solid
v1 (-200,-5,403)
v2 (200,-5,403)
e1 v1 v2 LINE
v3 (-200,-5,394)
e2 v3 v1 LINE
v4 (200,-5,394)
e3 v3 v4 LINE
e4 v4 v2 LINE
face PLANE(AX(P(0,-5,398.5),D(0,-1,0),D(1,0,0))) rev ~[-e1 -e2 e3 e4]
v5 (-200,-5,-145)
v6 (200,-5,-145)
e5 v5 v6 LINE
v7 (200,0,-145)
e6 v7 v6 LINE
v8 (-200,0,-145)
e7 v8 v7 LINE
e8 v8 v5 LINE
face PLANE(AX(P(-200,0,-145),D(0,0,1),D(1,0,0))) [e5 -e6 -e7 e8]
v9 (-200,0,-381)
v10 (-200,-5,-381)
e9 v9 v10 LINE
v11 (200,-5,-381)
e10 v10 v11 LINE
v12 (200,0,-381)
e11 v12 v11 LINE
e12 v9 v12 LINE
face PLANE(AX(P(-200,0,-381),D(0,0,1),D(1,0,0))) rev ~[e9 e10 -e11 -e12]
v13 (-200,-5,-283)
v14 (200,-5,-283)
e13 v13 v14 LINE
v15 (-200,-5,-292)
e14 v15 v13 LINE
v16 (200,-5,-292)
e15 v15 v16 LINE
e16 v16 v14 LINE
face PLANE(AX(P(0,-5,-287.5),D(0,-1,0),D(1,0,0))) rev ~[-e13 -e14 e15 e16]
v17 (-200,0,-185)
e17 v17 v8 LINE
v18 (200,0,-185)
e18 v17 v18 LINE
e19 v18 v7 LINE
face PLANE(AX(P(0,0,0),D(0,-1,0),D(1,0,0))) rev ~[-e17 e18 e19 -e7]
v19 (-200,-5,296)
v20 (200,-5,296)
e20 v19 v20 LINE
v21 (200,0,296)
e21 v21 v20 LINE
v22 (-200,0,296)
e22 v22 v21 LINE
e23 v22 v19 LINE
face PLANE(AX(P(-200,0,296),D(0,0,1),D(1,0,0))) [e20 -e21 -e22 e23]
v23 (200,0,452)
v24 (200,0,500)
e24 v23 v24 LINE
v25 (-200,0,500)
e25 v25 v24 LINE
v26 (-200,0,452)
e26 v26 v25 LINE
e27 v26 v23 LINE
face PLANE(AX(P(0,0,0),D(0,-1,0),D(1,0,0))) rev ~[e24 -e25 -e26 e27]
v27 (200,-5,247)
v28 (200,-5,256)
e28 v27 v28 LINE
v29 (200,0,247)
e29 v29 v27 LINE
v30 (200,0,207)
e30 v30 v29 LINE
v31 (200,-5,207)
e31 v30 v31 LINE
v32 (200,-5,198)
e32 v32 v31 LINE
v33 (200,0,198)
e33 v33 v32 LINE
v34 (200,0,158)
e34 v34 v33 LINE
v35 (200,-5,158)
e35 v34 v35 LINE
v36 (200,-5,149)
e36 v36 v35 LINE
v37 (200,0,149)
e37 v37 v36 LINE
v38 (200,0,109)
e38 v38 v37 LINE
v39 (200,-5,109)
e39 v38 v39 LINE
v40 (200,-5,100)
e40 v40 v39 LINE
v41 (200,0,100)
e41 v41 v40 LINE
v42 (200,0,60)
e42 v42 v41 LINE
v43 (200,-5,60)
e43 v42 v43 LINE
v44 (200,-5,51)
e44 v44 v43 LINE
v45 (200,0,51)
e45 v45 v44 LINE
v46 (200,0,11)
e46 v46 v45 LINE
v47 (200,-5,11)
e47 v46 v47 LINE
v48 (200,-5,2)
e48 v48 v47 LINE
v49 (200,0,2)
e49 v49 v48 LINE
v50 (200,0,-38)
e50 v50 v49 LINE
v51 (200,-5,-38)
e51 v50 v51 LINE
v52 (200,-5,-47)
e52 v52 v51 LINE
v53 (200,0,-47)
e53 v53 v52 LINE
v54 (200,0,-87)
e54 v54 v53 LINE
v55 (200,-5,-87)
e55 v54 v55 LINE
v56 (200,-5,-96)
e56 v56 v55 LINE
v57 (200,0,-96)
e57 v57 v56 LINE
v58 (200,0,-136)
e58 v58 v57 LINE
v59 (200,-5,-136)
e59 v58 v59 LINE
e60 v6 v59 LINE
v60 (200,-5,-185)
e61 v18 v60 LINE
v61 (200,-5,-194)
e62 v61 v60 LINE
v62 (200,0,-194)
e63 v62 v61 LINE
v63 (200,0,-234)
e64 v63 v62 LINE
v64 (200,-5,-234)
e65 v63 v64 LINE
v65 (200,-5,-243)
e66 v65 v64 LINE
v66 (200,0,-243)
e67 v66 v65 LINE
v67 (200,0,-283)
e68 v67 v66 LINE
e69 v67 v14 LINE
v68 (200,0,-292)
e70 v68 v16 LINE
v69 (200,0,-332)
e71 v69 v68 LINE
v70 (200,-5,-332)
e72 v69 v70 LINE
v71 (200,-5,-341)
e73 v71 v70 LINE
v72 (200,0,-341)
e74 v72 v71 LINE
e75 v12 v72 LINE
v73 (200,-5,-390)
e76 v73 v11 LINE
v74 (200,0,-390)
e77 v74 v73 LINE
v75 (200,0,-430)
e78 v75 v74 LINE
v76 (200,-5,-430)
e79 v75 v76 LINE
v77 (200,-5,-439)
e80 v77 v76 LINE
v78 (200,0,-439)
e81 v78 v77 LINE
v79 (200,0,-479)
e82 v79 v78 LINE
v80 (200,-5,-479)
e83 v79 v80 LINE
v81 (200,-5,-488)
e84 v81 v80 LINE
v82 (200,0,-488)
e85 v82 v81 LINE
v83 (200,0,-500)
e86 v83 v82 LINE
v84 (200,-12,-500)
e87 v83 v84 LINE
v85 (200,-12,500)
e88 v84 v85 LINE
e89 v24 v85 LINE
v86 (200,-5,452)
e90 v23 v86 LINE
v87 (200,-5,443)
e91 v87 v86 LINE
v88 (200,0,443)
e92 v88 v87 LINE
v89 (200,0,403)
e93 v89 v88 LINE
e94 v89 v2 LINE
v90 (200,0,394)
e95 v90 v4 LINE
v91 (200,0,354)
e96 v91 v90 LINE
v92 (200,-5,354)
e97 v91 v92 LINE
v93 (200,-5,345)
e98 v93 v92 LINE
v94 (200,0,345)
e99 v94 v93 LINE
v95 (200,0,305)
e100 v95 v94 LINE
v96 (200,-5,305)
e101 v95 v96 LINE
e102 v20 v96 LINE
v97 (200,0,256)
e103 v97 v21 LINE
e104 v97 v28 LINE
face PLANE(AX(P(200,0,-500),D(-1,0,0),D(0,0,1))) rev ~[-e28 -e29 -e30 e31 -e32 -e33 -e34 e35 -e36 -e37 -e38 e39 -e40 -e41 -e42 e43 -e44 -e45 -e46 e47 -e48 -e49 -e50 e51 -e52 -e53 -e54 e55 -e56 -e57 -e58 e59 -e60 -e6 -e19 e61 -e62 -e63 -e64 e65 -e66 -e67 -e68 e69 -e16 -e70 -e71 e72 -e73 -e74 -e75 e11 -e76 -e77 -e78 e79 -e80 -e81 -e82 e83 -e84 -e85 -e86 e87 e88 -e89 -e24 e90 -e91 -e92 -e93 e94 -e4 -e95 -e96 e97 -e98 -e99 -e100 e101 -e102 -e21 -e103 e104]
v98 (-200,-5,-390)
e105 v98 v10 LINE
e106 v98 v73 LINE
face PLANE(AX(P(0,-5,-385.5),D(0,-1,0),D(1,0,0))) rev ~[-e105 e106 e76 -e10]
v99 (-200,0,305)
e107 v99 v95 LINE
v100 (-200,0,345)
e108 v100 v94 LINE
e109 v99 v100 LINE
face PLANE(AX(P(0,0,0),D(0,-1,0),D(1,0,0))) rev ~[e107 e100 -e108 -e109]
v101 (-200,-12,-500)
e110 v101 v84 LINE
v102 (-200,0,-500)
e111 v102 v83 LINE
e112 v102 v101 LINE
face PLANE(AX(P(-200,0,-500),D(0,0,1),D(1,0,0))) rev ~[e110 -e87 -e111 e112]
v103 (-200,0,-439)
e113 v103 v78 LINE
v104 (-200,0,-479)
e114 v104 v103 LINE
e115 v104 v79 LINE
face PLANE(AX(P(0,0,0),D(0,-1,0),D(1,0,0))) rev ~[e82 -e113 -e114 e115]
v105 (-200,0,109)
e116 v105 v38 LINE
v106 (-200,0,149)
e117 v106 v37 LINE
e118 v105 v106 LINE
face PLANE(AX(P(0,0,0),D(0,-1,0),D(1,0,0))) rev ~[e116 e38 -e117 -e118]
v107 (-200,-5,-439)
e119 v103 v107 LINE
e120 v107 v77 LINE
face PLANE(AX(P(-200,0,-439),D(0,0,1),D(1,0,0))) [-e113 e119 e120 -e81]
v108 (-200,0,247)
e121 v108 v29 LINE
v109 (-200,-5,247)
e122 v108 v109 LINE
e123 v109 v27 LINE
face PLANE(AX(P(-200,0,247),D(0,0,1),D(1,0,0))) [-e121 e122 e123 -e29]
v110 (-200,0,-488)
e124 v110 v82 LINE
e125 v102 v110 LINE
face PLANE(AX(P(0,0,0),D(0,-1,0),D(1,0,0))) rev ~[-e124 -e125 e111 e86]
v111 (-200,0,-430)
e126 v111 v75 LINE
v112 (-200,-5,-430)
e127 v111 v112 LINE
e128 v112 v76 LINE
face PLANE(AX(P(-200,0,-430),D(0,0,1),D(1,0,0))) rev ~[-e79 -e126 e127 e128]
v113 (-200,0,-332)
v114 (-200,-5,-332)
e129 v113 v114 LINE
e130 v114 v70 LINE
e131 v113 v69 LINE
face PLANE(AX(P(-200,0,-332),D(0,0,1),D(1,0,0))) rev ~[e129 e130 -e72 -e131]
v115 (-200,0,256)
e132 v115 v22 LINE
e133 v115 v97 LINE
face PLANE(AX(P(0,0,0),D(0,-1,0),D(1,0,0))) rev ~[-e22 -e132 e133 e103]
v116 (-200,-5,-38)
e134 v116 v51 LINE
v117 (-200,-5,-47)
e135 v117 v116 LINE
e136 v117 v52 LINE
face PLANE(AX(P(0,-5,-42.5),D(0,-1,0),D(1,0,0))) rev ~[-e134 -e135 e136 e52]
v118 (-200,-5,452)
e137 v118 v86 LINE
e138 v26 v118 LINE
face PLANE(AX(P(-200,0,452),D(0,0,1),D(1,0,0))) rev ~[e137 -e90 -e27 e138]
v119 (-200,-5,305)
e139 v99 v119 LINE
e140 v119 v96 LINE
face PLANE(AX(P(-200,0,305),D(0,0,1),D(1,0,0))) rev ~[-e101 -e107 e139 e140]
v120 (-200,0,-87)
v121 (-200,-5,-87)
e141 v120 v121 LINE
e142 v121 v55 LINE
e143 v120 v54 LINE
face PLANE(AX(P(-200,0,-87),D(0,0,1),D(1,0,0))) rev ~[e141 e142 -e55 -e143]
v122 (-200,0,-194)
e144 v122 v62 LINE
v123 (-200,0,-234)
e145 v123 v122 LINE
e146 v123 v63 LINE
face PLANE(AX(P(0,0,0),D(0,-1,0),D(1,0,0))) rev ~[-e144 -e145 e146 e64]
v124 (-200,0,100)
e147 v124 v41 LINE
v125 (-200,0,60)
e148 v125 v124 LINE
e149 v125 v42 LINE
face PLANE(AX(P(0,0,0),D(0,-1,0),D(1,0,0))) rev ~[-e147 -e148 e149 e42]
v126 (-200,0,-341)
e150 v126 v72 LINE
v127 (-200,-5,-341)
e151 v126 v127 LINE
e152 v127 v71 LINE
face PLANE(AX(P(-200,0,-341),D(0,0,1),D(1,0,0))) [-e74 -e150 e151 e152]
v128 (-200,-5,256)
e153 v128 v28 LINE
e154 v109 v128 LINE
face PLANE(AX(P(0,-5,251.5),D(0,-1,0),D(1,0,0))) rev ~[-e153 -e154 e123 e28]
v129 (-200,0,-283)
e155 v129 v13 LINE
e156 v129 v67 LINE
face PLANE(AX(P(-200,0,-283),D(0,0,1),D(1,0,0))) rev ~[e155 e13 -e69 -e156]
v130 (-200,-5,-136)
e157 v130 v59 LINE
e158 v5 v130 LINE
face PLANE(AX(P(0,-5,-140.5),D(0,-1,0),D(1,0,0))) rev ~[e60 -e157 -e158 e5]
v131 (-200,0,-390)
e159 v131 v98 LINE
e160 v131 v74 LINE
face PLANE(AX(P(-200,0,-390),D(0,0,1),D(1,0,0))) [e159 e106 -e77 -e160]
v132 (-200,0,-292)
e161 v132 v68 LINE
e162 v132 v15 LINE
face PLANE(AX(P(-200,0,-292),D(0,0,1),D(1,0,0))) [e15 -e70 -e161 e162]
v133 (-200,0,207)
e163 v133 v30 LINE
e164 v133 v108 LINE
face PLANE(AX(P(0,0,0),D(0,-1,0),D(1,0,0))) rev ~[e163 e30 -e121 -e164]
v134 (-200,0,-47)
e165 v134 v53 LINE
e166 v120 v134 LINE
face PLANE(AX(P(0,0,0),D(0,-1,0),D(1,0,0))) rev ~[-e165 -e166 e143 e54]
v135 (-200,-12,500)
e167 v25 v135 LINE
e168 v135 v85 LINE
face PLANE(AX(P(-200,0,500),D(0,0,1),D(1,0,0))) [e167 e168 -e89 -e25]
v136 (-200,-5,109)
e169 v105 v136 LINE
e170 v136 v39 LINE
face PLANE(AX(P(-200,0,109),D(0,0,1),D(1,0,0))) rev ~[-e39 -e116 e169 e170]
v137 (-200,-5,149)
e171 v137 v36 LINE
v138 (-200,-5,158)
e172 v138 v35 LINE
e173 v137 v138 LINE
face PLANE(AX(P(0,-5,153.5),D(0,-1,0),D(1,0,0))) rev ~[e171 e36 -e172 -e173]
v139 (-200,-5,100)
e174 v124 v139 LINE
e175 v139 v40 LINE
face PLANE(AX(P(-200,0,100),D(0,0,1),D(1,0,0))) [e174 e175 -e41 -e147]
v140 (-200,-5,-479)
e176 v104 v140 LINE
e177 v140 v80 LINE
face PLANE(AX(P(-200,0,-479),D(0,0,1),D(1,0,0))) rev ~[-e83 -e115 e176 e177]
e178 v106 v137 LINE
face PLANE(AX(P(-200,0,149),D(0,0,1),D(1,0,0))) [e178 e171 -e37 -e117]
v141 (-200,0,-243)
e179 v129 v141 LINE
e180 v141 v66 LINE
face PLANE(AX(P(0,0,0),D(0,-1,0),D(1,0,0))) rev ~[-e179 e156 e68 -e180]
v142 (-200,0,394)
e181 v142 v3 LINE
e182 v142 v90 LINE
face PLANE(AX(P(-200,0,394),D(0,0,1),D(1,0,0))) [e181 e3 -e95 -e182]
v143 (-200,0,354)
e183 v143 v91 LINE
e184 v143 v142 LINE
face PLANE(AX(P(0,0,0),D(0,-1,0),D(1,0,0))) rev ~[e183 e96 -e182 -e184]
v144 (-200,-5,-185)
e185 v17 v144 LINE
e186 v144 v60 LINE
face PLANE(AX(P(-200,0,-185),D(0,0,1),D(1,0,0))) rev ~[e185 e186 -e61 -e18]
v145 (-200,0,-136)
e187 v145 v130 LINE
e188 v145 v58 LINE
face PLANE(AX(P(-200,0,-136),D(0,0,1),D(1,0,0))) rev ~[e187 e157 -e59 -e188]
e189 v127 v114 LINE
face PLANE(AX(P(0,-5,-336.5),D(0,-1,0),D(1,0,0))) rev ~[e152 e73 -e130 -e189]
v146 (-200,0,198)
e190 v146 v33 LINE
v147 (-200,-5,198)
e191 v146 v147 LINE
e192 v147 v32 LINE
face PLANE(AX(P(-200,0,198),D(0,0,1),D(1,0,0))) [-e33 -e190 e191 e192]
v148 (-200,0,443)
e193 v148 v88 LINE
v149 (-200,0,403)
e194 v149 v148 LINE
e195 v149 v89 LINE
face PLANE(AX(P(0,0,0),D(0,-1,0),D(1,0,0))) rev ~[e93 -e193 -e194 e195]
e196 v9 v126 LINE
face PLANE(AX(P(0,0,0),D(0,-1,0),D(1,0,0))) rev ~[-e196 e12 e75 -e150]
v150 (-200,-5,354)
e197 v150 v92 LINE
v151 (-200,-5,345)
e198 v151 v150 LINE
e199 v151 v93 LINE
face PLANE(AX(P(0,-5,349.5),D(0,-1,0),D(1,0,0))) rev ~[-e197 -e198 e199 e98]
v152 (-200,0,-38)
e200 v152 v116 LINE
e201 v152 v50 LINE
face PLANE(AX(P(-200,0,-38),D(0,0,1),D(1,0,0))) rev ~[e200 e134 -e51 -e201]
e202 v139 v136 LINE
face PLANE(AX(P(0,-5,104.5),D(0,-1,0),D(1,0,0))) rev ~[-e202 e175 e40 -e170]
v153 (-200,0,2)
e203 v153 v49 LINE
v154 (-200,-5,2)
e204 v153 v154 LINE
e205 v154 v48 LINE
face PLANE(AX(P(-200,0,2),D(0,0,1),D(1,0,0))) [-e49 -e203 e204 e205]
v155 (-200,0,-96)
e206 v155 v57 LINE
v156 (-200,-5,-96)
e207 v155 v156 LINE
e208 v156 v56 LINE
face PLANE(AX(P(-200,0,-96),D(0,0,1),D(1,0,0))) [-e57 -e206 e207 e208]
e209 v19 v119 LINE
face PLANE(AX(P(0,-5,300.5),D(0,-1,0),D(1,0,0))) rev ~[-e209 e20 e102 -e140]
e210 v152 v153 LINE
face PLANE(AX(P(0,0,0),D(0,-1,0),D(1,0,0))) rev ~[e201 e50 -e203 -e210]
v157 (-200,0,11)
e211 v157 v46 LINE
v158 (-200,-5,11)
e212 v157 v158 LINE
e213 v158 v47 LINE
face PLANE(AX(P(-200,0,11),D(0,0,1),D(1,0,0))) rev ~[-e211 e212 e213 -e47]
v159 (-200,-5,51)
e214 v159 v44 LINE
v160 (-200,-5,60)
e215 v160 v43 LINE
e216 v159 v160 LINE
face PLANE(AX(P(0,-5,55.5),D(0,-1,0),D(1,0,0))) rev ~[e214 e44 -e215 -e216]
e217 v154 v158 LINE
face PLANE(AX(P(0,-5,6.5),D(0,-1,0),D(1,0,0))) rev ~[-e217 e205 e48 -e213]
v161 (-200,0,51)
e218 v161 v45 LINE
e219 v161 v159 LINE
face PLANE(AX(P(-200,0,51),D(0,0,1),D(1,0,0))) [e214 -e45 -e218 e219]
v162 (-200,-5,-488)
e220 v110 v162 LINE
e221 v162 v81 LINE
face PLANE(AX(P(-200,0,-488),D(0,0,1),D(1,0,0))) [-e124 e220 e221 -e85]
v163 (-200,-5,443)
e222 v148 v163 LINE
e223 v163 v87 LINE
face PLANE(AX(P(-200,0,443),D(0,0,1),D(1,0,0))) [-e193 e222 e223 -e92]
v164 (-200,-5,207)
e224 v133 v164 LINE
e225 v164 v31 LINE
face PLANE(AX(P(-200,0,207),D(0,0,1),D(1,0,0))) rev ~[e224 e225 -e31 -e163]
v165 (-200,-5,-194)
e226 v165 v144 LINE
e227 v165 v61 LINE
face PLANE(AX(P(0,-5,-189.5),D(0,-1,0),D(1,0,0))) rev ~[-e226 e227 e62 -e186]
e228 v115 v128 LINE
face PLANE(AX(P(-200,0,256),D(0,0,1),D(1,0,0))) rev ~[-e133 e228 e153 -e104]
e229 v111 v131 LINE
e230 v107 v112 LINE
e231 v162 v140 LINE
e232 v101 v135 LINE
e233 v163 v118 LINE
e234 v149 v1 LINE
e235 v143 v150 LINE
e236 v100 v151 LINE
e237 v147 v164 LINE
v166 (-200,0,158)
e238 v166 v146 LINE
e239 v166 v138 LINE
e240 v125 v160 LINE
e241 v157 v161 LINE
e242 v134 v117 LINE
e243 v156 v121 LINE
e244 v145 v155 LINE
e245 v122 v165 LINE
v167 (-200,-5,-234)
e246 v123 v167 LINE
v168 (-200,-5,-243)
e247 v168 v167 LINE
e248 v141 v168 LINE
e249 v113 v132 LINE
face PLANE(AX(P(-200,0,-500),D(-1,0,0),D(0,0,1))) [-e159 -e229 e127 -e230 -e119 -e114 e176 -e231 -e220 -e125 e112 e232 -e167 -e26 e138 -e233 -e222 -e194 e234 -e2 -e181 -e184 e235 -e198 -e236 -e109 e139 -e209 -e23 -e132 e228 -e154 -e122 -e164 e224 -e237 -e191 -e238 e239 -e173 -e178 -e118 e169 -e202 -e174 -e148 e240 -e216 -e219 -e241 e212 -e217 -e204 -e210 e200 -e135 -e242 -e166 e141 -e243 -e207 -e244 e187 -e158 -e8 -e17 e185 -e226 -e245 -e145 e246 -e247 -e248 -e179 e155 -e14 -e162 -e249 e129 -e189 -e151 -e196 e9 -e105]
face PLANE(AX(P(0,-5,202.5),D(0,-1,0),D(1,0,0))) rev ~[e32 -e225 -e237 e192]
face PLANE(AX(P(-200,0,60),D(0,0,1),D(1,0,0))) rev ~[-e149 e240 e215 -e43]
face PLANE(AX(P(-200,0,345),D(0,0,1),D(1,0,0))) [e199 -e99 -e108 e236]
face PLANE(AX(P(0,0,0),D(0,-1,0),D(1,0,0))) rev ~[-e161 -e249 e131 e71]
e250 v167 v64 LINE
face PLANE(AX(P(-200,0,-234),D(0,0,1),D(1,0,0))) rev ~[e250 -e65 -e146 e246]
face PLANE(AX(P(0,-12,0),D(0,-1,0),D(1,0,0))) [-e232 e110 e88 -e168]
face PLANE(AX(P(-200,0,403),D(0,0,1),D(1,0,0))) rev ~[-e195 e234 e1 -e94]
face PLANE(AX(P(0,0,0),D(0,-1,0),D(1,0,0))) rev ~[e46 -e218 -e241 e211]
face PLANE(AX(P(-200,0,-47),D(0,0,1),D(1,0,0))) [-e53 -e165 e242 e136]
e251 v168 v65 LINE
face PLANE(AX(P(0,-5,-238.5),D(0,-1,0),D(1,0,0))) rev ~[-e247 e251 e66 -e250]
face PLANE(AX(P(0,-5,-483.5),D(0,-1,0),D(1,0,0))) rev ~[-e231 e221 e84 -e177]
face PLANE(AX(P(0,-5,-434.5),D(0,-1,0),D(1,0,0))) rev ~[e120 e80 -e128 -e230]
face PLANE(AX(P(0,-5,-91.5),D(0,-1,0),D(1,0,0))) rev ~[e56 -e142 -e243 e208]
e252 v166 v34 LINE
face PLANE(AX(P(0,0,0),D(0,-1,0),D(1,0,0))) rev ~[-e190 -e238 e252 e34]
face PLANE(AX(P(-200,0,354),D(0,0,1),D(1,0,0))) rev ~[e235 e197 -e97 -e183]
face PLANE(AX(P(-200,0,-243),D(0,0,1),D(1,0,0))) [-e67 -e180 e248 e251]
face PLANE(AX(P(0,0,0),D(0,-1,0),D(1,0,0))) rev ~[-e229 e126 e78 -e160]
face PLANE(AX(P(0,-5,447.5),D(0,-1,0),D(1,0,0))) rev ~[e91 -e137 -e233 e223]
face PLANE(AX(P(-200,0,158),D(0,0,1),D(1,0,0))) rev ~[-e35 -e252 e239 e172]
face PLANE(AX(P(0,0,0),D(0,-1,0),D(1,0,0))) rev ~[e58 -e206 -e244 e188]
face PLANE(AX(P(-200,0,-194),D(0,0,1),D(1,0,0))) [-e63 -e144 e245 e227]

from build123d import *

# Parameters (mm, degrees)
F0_W     = 400
F0_H     = 1000
F2_DEPTH = 12
F1_W     = 400
F1_H     = 9
F3_DEPTH = 5


with BuildPart() as f2:
    # F0 (on Front) → F2 (new body)
    with BuildSketch(Plane.XZ):
        Rectangle(F0_W, F0_H)
    extrude(amount=F2_DEPTH)

    # F1 (on face) → F3 (cut)
    with BuildSketch(Plane.XZ):
        with Locations((0, -483.5)):
            Rectangle(F1_W, F1_H)
        with Locations((0, -434.5)):
            Rectangle(F1_W, F1_H)
        with Locations((0, -385.5)):
            Rectangle(F1_W, F1_H)
        with Locations((0, -336.5)):
            Rectangle(F1_W, F1_H)
        with Locations((0, -287.5)):
            Rectangle(F1_W, F1_H)
        with Locations((0, -238.5)):
            Rectangle(F1_W, F1_H)
        with Locations((0, -189.5)):
            Rectangle(F1_W, F1_H)
        with Locations((0, -140.5)):
            Rectangle(F1_W, F1_H)
        with Locations((0, -91.5)):
            Rectangle(F1_W, F1_H)
        with Locations((0, -42.5)):
            Rectangle(F1_W, F1_H)
        with Locations((0, 6.5)):
            Rectangle(F1_W, F1_H)
        with Locations((0, 55.5)):
            Rectangle(F1_W, F1_H)
        with Locations((0, 104.5)):
            Rectangle(F1_W, F1_H)
        with Locations((0, 153.5)):
            Rectangle(F1_W, F1_H)
        with Locations((0, 202.5)):
            Rectangle(F1_W, F1_H)
        with Locations((0, 251.5)):
            Rectangle(F1_W, F1_H)
        with Locations((0, 300.5)):
            Rectangle(F1_W, F1_H)
        with Locations((0, 349.5)):
            Rectangle(F1_W, F1_H)
        with Locations((0, 398.5)):
            Rectangle(F1_W, F1_H)
        with Locations((0, 447.5)):
            Rectangle(F1_W, F1_H)
    extrude(amount=F3_DEPTH, mode=Mode.SUBTRACT)


solid = f2.part
